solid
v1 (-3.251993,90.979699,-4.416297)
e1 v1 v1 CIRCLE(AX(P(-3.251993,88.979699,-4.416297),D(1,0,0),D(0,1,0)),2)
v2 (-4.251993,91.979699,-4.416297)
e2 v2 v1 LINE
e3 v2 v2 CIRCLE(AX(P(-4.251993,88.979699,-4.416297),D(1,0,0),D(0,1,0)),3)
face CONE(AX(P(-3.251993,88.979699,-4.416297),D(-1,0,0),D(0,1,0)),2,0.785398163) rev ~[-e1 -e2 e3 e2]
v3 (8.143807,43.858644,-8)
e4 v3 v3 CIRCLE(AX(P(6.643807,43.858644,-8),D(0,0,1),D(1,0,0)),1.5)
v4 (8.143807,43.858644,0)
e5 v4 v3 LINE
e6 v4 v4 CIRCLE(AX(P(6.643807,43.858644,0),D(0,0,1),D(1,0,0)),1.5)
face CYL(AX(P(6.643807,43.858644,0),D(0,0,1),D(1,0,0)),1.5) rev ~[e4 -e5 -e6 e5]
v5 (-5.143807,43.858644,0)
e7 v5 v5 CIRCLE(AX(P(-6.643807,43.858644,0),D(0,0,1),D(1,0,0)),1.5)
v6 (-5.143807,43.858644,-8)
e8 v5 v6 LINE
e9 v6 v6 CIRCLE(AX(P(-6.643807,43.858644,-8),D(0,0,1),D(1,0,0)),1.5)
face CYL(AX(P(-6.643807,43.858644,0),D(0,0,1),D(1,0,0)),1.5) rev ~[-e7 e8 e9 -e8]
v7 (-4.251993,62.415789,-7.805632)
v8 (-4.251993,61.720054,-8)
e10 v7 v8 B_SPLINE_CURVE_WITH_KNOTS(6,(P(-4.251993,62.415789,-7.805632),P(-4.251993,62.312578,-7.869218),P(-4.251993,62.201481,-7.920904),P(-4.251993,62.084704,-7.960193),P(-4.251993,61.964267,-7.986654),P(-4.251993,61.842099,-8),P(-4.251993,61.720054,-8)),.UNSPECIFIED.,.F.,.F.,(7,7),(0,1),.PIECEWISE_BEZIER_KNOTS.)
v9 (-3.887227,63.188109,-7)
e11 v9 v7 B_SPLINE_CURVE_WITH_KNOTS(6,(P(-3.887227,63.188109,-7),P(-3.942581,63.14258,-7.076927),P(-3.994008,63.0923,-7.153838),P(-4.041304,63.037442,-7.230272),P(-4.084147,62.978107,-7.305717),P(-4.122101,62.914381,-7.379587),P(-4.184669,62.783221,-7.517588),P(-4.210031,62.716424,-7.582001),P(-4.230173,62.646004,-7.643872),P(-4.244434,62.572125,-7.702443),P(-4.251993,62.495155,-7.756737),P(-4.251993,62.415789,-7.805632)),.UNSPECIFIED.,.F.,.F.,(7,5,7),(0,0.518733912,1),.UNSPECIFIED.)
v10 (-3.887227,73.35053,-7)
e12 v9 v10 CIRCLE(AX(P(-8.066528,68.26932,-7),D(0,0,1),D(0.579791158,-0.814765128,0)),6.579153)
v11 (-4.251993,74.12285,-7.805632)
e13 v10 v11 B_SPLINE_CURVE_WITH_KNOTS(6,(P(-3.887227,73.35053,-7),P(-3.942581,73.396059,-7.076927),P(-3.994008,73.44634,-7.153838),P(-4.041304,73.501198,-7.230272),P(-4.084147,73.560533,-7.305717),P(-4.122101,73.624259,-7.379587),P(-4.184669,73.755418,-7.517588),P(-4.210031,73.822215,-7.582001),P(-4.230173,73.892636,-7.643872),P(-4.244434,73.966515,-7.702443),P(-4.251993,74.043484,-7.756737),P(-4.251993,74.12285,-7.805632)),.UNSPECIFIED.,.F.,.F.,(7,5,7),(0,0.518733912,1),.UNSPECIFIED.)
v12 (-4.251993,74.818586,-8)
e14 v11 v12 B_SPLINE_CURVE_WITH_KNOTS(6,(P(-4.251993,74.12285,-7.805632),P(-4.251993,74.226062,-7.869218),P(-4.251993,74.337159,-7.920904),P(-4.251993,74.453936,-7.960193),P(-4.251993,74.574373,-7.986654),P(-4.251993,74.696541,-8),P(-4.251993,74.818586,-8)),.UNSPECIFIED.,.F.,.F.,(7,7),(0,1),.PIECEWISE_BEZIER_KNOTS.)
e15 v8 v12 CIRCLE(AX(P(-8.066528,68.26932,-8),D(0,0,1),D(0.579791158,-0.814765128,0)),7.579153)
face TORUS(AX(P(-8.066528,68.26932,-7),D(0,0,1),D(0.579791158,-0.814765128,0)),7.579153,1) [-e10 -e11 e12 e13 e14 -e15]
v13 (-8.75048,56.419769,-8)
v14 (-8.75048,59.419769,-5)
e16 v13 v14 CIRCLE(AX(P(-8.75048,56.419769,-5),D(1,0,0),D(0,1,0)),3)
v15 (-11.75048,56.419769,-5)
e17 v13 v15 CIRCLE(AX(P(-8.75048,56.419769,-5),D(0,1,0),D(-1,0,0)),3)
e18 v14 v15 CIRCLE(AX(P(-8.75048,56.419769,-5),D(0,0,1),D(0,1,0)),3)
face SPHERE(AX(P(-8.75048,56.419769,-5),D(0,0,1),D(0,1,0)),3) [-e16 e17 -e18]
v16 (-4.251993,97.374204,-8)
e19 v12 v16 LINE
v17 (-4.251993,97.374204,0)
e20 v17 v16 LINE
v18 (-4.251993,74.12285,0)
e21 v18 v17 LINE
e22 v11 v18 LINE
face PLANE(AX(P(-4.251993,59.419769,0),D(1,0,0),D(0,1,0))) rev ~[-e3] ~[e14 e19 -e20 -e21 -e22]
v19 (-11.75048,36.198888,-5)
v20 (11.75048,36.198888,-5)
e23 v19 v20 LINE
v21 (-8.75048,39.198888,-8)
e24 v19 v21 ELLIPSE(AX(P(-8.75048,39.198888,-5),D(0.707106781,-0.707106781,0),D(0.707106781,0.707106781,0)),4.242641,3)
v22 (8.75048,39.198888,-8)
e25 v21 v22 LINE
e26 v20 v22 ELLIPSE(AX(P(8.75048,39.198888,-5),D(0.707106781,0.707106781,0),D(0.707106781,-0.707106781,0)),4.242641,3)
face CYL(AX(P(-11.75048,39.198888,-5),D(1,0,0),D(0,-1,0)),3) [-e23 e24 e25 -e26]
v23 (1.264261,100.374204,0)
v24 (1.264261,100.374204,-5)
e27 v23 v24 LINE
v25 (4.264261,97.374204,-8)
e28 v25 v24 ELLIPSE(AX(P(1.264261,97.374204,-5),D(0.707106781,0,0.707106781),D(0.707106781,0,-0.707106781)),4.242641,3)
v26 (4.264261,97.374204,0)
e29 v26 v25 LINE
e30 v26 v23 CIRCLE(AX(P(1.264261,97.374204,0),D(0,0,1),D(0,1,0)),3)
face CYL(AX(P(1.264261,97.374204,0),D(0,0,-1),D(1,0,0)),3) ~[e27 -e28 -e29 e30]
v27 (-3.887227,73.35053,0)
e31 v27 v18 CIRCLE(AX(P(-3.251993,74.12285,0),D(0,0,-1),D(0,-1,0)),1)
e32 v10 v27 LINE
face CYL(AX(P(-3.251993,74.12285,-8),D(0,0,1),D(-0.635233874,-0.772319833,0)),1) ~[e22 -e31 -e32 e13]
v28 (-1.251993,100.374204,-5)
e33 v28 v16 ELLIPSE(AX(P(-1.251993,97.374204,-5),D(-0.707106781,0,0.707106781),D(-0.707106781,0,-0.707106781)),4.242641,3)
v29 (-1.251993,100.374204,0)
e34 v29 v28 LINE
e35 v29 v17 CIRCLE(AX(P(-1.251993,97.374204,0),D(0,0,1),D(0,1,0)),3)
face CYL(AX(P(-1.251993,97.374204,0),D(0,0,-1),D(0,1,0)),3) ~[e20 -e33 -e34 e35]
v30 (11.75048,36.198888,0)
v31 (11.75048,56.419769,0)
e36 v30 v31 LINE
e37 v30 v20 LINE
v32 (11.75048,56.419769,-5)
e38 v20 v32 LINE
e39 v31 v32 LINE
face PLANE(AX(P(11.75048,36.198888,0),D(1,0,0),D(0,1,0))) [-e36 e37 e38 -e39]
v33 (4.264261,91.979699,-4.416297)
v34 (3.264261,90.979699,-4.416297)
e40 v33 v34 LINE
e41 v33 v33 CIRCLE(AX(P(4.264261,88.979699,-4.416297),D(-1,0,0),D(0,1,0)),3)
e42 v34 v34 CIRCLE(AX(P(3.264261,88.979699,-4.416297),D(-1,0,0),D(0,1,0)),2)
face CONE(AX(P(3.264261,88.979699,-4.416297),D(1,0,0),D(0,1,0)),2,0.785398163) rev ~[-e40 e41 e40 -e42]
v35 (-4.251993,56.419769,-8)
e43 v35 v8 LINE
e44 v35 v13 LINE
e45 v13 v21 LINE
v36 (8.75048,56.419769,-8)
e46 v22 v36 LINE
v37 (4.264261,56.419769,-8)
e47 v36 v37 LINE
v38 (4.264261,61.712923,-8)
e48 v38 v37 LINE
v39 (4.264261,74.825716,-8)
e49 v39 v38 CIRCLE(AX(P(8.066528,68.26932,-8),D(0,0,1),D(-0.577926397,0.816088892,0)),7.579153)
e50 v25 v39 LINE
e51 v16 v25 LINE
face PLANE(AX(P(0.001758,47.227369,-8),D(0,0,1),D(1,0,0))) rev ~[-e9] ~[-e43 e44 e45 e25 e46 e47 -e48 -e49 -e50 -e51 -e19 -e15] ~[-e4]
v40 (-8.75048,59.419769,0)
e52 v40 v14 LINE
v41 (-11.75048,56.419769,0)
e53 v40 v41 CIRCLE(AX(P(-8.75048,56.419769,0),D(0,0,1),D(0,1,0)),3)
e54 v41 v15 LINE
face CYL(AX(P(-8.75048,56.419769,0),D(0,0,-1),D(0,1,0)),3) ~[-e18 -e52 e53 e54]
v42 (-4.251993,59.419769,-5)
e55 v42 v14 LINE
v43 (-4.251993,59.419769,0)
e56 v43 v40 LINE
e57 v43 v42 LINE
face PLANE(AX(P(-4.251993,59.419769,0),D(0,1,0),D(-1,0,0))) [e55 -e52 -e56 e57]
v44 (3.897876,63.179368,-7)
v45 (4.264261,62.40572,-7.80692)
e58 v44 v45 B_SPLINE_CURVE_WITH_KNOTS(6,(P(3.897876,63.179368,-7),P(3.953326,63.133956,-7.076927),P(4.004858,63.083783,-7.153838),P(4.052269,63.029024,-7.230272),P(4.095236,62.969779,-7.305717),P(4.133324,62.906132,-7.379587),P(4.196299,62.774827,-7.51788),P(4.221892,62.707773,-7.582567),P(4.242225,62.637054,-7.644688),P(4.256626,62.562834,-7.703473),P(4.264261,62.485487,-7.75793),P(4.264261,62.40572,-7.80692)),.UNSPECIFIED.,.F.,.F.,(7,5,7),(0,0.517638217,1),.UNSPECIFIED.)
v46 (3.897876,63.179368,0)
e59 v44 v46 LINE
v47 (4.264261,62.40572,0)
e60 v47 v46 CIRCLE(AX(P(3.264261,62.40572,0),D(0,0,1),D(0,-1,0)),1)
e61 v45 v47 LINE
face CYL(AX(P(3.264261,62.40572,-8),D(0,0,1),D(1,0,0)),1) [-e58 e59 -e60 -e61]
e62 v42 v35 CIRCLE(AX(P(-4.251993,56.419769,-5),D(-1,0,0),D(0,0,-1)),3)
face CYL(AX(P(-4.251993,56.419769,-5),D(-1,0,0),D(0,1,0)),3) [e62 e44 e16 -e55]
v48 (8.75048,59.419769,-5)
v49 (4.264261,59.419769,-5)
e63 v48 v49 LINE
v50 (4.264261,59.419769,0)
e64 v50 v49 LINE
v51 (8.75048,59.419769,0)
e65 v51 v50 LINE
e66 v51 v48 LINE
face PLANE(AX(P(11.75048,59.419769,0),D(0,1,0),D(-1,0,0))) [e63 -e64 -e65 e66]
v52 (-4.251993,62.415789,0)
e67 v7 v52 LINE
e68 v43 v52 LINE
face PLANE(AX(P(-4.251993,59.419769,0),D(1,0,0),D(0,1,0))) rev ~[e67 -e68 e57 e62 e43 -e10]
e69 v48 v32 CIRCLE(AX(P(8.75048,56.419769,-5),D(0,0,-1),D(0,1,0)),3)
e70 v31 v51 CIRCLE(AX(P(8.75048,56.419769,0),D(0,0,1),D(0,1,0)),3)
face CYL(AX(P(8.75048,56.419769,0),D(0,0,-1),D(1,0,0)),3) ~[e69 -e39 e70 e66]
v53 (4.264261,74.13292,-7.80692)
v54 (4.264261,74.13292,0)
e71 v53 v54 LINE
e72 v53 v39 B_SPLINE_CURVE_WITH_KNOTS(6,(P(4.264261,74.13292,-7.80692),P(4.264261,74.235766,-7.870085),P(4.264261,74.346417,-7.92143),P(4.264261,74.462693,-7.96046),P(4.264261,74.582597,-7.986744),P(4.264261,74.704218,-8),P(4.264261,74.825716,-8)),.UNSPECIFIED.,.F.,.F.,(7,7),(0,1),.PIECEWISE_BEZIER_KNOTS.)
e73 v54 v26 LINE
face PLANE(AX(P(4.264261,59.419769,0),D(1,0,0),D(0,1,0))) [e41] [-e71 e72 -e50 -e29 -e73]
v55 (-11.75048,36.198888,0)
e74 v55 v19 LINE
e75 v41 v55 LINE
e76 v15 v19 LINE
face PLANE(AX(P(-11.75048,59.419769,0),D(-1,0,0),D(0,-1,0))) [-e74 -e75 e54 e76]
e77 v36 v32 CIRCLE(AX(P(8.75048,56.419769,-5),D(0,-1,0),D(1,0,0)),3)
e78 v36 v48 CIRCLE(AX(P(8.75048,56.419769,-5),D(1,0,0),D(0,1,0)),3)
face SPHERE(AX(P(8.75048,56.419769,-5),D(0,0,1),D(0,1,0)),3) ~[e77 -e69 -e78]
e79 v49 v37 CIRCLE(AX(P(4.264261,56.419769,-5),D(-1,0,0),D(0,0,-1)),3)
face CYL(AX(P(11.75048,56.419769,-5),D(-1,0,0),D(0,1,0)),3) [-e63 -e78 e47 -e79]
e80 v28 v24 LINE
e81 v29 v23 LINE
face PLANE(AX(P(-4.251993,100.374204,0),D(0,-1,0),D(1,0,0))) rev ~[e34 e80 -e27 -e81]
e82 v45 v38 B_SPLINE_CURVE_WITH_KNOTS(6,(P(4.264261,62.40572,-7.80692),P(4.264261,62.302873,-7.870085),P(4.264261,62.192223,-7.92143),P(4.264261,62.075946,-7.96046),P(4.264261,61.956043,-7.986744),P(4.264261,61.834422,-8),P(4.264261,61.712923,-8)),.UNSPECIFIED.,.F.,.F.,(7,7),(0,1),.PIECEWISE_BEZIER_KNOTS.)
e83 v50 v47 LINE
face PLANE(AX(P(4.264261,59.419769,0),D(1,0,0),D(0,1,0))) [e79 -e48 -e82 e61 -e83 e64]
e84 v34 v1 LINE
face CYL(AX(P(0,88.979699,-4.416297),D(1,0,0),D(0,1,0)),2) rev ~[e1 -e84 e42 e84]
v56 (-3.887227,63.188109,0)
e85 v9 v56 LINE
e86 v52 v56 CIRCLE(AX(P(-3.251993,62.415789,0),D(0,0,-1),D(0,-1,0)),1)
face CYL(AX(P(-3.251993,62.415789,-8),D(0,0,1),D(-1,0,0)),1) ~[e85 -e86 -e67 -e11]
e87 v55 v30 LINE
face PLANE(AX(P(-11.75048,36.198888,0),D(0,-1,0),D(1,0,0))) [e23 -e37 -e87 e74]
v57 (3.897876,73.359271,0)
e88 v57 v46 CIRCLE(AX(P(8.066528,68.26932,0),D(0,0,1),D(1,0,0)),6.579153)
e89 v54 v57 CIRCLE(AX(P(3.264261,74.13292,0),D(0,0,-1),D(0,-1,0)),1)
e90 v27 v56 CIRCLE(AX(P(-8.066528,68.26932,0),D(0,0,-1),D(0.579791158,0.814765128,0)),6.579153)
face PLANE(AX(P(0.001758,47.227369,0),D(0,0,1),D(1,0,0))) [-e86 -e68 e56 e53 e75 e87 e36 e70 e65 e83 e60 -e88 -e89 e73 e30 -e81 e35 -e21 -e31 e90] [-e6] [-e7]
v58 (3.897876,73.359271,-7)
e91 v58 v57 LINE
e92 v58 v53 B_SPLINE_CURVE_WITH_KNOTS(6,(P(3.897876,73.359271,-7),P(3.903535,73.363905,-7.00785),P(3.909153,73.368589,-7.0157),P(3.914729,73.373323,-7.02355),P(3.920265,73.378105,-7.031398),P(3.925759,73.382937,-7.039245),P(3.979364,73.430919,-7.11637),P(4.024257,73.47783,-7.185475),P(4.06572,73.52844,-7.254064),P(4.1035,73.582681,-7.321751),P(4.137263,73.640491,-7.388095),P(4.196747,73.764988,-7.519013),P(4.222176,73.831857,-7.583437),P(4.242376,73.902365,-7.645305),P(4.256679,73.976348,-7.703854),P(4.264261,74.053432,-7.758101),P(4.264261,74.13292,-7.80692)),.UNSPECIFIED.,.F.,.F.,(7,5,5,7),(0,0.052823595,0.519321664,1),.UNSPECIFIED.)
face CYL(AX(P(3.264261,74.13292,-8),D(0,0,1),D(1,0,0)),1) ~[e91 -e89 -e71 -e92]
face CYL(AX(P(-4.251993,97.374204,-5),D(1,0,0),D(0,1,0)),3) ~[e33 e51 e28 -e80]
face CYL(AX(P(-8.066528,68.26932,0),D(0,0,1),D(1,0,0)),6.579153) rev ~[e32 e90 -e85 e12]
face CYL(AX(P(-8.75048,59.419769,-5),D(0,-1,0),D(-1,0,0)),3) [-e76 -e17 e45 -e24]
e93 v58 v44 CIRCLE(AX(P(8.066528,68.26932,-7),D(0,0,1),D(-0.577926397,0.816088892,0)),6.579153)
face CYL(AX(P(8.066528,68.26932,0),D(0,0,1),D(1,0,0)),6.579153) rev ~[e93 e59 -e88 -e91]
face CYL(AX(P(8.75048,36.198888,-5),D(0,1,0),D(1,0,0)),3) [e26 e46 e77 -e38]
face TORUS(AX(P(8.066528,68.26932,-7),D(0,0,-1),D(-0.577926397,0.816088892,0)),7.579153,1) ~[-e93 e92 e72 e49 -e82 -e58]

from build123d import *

# Parameters (mm, degrees)
F0_W          = 8.5162539035
F0_H          = 18.7663150777
F0_H_2        = 40.954434668
F1_DEPTH      = 8
F2_R          = 3
F3_R          = 1.5
F4_DEPTH      = 25
F5_R          = 2
F6_DEPTH      = 13.4
F6_DEPTH_BACK = 25
F7_SIZE       = 1
F8_R          = 6.5791532239
F9_DEPTH      = 25
F10_R         = 1


with BuildPart() as f1:
    # F0 (on Top) → F1 (new body)
    with BuildSketch(Plane.XY):
        Polygon((11.7504801601, 36.198887974), (11.7504801601, 59.4197693529), (4.2642612243, 59.4197693529), (4.2642612243, 40.6534542753), (-4.2519926792, 40.6534542753), (-4.2519926792, 59.4197693529), (-11.7504801601, 59.4197693529), (-11.7504801601, 36.198887974), align=None)
        with Locations((0.0061342726, 50.0366118141)):
            Rectangle(F0_W, F0_H)
        with Locations((0.0061342726, 79.8969866869)):
            Rectangle(F0_W, F0_H_2)
    extrude(amount=-F1_DEPTH)

    # F2
    f2_edges = [f1.edges().sort_by_distance(p)[0] for p in [
        (-11.75048, 59.419769, -4),
        (11.75048, 59.419769, -4),
        (-4.251993, 100.374204, -4),
        (4.264261, 100.374204, -4),
        (0, 36.198888, -8),
        (-8.001236, 59.419769, -8),
        (8.007371, 59.419769, -8),
        (-11.75048, 47.809329, -8),
        (11.75048, 47.809329, -8),
        (0.006134, 100.374204, -8),
    ]]
    fillet(f2_edges, radius=F2_R)

    # F3 (on Top) → F4 (cut)
    with BuildSketch(Plane.XY):
        with Locations((-6.6438065842, 43.8586436212)):
            Circle(F3_R)
        with Locations((6.6438065842, 43.8586436212)):
            Circle(F3_R)
    extrude(amount=-F4_DEPTH, mode=Mode.SUBTRACT)

    # F5 (on Right) → F6 (cut, two sides)
    with BuildSketch(Plane.YZ) as f6_sk:
        with Locations((88.9796987176, -4.4162971899)):
            Circle(F5_R)
    extrude(amount=-F6_DEPTH, mode=Mode.SUBTRACT)
    extrude(f6_sk.sketch, amount=F6_DEPTH_BACK, mode=Mode.SUBTRACT)

    # F7
    f7_edges = [f1.edges().sort_by_distance(p)[0] for p in [
        (4.264261, 86.979699, -4.416297),
        (-4.251993, 86.979699, -4.416297),
    ]]
    chamfer(f7_edges, length=F7_SIZE)

    # F8 (on Top) → F9 (cut)
    with BuildSketch(Plane.XY):
        with Locations((8.0665275455, 68.2693198323)):
            Circle(F8_R)
        with Locations((-8.0665275455, 68.2693198323)):
            Circle(F8_R)
    extrude(amount=-F9_DEPTH, mode=Mode.SUBTRACT)

    # F10
    f10_edges = [f1.edges().sort_by_distance(p)[0] for p in [
        (-1.487374, 68.26932, -8),
        (1.487374, 68.26932, -8),
        (4.264261, 62.900146, -4),
        (4.264261, 73.638494, -4),
        (-4.251993, 62.908855, -4),
        (-4.251993, 73.629784, -4),
    ]]
    fillet(f10_edges, radius=F10_R)


solid = f1.part
